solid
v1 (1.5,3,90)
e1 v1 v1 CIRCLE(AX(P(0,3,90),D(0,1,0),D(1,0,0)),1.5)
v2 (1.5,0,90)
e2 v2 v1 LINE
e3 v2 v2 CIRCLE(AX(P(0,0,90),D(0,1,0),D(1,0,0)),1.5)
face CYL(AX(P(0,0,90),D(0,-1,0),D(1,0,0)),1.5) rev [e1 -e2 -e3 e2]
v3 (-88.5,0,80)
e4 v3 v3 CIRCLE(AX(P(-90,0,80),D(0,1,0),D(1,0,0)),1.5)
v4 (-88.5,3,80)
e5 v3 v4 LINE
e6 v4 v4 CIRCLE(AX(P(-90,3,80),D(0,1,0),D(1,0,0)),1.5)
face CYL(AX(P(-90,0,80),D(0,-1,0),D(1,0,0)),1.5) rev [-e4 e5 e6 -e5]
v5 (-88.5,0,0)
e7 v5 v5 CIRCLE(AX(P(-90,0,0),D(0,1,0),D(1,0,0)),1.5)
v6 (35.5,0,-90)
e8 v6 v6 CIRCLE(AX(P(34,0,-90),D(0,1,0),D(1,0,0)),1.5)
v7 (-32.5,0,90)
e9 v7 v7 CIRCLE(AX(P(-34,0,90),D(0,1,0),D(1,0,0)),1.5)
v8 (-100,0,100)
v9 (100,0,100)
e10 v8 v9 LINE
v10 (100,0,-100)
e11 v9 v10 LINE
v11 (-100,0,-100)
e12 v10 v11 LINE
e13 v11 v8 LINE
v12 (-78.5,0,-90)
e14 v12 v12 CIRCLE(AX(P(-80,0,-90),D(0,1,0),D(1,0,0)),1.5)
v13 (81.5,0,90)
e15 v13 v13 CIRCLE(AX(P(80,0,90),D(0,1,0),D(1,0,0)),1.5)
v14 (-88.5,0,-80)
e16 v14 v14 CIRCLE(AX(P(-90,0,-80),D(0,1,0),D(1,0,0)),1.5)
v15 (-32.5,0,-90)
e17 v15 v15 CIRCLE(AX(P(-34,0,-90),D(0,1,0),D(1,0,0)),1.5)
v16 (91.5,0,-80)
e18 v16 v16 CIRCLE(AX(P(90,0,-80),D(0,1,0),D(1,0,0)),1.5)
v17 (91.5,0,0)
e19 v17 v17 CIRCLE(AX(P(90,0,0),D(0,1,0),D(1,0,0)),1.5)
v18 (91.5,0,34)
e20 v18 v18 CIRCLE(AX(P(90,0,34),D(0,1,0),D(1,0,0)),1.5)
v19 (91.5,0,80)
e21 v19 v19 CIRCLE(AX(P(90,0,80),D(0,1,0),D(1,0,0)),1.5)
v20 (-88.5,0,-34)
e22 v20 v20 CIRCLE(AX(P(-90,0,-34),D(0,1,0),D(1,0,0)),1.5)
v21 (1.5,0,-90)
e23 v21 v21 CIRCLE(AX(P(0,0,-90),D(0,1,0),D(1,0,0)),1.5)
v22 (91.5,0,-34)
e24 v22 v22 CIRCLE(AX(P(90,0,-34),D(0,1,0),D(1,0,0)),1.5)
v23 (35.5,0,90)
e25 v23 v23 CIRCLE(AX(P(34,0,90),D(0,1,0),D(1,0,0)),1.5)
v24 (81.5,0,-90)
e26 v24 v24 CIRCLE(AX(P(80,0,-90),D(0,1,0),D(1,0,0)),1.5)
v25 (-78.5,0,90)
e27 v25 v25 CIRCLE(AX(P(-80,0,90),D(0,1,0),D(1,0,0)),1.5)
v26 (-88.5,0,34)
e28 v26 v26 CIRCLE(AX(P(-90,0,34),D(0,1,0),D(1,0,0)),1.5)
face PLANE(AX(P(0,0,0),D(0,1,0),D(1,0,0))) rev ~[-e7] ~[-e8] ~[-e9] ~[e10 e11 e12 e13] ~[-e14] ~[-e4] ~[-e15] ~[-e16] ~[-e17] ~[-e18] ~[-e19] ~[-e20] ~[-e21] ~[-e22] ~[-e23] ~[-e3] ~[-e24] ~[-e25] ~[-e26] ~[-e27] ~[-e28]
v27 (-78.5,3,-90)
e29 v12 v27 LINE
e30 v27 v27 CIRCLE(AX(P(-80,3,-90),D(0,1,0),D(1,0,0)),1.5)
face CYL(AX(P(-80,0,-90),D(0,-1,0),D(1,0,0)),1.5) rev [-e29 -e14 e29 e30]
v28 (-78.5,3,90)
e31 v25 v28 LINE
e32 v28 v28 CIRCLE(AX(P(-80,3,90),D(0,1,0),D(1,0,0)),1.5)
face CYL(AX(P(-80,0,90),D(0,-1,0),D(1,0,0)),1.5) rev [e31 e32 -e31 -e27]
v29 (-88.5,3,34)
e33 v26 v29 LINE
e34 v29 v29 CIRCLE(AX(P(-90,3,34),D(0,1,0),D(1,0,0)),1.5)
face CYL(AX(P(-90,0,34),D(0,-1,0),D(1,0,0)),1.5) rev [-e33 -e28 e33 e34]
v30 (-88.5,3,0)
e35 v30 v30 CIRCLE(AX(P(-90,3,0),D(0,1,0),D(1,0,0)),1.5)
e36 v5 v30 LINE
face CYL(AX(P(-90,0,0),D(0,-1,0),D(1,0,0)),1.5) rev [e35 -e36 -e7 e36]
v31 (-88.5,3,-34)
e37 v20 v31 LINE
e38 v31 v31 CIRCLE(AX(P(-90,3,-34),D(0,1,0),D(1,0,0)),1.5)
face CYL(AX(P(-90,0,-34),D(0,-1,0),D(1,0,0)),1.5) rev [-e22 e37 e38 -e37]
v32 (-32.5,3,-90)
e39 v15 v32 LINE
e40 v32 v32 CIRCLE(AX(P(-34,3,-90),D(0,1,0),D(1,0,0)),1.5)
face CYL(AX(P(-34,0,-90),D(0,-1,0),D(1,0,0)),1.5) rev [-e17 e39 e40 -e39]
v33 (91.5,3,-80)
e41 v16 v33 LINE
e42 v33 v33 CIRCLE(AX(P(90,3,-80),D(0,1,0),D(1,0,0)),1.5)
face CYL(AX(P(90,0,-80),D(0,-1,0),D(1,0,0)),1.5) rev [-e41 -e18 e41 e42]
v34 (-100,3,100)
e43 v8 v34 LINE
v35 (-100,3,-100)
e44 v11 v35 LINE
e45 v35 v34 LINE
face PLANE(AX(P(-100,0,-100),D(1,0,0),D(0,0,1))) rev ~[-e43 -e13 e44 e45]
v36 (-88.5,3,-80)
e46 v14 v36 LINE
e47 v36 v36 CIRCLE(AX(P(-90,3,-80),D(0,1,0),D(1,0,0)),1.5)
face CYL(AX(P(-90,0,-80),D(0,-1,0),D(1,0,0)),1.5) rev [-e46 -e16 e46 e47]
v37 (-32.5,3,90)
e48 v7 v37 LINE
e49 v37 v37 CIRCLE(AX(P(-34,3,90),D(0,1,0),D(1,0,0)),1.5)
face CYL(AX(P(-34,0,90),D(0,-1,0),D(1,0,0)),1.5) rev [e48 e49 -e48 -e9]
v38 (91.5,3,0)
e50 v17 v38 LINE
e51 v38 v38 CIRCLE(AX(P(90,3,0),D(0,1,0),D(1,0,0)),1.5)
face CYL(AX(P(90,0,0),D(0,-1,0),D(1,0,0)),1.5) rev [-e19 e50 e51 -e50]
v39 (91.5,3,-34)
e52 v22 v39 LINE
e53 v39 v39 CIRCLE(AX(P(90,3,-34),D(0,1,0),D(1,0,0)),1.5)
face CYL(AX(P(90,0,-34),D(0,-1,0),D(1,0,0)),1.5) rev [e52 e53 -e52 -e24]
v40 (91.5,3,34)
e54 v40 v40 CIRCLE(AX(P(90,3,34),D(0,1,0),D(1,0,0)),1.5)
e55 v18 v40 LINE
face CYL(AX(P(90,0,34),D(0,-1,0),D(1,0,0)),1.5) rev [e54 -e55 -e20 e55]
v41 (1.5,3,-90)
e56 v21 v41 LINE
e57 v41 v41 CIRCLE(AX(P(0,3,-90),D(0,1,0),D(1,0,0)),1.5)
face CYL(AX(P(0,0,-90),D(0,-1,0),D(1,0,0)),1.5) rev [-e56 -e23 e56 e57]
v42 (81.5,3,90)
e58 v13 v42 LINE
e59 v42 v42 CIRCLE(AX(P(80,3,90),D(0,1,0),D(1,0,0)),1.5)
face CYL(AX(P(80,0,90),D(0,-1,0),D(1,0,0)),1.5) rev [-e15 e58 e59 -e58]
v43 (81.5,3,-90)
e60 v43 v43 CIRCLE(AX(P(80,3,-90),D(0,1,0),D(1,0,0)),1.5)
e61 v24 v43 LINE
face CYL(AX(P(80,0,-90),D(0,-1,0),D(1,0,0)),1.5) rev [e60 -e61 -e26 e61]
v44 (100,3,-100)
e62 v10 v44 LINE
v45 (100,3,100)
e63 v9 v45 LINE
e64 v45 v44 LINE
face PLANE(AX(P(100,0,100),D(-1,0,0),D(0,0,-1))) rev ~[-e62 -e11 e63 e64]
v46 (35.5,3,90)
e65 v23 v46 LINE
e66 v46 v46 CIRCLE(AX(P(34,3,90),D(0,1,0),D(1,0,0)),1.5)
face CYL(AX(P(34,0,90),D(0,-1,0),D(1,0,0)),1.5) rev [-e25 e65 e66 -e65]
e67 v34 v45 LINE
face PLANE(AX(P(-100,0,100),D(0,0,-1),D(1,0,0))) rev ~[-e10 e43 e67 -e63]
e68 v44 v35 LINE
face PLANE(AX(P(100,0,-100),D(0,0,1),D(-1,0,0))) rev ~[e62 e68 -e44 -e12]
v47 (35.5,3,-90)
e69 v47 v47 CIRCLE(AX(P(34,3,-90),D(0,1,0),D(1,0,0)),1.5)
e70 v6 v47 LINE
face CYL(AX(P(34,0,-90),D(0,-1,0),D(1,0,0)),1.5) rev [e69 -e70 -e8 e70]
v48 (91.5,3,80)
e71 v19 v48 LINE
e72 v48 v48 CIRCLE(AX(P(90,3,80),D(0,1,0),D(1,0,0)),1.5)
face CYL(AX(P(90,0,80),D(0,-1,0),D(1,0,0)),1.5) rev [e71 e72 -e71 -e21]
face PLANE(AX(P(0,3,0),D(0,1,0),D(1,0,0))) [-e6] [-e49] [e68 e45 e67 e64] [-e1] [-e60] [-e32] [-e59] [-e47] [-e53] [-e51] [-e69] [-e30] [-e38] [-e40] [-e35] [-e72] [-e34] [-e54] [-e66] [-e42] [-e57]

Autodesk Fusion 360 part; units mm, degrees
sketch "Sketch1" plane through (0, 0, 0) normal (0, 1, 0) x (1, 0, 0)
  line L0 (100, 100) -> (-100, 100)
  line L1 (-100, 100) -> (-100, -100)
  line L2 (-100, -100) -> (100, -100)
  line L3 (100, -100) -> (100, 100)
  line L4 (100, 100) -> (-100, -100) construction
  line L5 (-100, 100) -> (100, -100) construction
  circle A0 centre (90, -80) radius 1.5
  circle A1 centre (90, 0) radius 1.5
  circle A2 centre (90, 80) radius 1.5
  circle A3 centre (-90, 80) radius 1.5
  circle A4 centre (-90, 0) radius 1.5
  circle A5 centre (-90, -80) radius 1.5
  circle A6 centre (-34, -90) radius 1.5
  circle A7 centre (34, -90) radius 1.5
  circle A8 centre (-34, 90) radius 1.5
  circle A9 centre (34, 90) radius 1.5
  circle A10 centre (-90, 34) radius 1.5
  circle A11 centre (-80, 90) radius 1.5
  circle A12 centre (80, -90) radius 1.5
  circle A13 centre (90, 34) radius 1.5
  circle A14 centre (-90, -34) radius 1.5
  circle A15 centre (80, 90) radius 1.5
  circle A16 centre (0, 90) radius 1.5
  circle A17 centre (0, -90) radius 1.5
  circle A18 centre (-80, -90) radius 1.5
  circle A19 centre (90, -34) radius 1.5
  dimension "d1" = 200
  dimension "d2" = 200
  dimension "d3" = 3
  dimension "d4" = 3
  dimension "d5" = 3
  dimension "d6" = 3
  dimension "d7" = 3
  dimension "d8" = 3
  dimension "d9" = 10
  dimension "d10" = 20
  dimension "d11" = 10
  dimension "d12" = 10
  dimension "d13" = 20
  dimension "d14" = 100
  dimension "d15" = 10
  dimension "d16" = 20
  dimension "d17" = 100
  dimension "d18" = 10
  dimension "d19" = 10
  dimension "d20" = 20
  dimension "d21" = 3
  dimension "d22" = 3
  dimension "d23" = 3
  dimension "d24" = 3
  dimension "d25" = 10
  dimension "d26" = 10
  dimension "d27" = 66
  dimension "d28" = 66
  dimension "d29" = 10
  dimension "d30" = 10
  dimension "d31" = 66
  dimension "d32" = 66
  dimension "d34" = 90
extrude "Extrude1" add sketch "Sketch1" along normal blind 3
